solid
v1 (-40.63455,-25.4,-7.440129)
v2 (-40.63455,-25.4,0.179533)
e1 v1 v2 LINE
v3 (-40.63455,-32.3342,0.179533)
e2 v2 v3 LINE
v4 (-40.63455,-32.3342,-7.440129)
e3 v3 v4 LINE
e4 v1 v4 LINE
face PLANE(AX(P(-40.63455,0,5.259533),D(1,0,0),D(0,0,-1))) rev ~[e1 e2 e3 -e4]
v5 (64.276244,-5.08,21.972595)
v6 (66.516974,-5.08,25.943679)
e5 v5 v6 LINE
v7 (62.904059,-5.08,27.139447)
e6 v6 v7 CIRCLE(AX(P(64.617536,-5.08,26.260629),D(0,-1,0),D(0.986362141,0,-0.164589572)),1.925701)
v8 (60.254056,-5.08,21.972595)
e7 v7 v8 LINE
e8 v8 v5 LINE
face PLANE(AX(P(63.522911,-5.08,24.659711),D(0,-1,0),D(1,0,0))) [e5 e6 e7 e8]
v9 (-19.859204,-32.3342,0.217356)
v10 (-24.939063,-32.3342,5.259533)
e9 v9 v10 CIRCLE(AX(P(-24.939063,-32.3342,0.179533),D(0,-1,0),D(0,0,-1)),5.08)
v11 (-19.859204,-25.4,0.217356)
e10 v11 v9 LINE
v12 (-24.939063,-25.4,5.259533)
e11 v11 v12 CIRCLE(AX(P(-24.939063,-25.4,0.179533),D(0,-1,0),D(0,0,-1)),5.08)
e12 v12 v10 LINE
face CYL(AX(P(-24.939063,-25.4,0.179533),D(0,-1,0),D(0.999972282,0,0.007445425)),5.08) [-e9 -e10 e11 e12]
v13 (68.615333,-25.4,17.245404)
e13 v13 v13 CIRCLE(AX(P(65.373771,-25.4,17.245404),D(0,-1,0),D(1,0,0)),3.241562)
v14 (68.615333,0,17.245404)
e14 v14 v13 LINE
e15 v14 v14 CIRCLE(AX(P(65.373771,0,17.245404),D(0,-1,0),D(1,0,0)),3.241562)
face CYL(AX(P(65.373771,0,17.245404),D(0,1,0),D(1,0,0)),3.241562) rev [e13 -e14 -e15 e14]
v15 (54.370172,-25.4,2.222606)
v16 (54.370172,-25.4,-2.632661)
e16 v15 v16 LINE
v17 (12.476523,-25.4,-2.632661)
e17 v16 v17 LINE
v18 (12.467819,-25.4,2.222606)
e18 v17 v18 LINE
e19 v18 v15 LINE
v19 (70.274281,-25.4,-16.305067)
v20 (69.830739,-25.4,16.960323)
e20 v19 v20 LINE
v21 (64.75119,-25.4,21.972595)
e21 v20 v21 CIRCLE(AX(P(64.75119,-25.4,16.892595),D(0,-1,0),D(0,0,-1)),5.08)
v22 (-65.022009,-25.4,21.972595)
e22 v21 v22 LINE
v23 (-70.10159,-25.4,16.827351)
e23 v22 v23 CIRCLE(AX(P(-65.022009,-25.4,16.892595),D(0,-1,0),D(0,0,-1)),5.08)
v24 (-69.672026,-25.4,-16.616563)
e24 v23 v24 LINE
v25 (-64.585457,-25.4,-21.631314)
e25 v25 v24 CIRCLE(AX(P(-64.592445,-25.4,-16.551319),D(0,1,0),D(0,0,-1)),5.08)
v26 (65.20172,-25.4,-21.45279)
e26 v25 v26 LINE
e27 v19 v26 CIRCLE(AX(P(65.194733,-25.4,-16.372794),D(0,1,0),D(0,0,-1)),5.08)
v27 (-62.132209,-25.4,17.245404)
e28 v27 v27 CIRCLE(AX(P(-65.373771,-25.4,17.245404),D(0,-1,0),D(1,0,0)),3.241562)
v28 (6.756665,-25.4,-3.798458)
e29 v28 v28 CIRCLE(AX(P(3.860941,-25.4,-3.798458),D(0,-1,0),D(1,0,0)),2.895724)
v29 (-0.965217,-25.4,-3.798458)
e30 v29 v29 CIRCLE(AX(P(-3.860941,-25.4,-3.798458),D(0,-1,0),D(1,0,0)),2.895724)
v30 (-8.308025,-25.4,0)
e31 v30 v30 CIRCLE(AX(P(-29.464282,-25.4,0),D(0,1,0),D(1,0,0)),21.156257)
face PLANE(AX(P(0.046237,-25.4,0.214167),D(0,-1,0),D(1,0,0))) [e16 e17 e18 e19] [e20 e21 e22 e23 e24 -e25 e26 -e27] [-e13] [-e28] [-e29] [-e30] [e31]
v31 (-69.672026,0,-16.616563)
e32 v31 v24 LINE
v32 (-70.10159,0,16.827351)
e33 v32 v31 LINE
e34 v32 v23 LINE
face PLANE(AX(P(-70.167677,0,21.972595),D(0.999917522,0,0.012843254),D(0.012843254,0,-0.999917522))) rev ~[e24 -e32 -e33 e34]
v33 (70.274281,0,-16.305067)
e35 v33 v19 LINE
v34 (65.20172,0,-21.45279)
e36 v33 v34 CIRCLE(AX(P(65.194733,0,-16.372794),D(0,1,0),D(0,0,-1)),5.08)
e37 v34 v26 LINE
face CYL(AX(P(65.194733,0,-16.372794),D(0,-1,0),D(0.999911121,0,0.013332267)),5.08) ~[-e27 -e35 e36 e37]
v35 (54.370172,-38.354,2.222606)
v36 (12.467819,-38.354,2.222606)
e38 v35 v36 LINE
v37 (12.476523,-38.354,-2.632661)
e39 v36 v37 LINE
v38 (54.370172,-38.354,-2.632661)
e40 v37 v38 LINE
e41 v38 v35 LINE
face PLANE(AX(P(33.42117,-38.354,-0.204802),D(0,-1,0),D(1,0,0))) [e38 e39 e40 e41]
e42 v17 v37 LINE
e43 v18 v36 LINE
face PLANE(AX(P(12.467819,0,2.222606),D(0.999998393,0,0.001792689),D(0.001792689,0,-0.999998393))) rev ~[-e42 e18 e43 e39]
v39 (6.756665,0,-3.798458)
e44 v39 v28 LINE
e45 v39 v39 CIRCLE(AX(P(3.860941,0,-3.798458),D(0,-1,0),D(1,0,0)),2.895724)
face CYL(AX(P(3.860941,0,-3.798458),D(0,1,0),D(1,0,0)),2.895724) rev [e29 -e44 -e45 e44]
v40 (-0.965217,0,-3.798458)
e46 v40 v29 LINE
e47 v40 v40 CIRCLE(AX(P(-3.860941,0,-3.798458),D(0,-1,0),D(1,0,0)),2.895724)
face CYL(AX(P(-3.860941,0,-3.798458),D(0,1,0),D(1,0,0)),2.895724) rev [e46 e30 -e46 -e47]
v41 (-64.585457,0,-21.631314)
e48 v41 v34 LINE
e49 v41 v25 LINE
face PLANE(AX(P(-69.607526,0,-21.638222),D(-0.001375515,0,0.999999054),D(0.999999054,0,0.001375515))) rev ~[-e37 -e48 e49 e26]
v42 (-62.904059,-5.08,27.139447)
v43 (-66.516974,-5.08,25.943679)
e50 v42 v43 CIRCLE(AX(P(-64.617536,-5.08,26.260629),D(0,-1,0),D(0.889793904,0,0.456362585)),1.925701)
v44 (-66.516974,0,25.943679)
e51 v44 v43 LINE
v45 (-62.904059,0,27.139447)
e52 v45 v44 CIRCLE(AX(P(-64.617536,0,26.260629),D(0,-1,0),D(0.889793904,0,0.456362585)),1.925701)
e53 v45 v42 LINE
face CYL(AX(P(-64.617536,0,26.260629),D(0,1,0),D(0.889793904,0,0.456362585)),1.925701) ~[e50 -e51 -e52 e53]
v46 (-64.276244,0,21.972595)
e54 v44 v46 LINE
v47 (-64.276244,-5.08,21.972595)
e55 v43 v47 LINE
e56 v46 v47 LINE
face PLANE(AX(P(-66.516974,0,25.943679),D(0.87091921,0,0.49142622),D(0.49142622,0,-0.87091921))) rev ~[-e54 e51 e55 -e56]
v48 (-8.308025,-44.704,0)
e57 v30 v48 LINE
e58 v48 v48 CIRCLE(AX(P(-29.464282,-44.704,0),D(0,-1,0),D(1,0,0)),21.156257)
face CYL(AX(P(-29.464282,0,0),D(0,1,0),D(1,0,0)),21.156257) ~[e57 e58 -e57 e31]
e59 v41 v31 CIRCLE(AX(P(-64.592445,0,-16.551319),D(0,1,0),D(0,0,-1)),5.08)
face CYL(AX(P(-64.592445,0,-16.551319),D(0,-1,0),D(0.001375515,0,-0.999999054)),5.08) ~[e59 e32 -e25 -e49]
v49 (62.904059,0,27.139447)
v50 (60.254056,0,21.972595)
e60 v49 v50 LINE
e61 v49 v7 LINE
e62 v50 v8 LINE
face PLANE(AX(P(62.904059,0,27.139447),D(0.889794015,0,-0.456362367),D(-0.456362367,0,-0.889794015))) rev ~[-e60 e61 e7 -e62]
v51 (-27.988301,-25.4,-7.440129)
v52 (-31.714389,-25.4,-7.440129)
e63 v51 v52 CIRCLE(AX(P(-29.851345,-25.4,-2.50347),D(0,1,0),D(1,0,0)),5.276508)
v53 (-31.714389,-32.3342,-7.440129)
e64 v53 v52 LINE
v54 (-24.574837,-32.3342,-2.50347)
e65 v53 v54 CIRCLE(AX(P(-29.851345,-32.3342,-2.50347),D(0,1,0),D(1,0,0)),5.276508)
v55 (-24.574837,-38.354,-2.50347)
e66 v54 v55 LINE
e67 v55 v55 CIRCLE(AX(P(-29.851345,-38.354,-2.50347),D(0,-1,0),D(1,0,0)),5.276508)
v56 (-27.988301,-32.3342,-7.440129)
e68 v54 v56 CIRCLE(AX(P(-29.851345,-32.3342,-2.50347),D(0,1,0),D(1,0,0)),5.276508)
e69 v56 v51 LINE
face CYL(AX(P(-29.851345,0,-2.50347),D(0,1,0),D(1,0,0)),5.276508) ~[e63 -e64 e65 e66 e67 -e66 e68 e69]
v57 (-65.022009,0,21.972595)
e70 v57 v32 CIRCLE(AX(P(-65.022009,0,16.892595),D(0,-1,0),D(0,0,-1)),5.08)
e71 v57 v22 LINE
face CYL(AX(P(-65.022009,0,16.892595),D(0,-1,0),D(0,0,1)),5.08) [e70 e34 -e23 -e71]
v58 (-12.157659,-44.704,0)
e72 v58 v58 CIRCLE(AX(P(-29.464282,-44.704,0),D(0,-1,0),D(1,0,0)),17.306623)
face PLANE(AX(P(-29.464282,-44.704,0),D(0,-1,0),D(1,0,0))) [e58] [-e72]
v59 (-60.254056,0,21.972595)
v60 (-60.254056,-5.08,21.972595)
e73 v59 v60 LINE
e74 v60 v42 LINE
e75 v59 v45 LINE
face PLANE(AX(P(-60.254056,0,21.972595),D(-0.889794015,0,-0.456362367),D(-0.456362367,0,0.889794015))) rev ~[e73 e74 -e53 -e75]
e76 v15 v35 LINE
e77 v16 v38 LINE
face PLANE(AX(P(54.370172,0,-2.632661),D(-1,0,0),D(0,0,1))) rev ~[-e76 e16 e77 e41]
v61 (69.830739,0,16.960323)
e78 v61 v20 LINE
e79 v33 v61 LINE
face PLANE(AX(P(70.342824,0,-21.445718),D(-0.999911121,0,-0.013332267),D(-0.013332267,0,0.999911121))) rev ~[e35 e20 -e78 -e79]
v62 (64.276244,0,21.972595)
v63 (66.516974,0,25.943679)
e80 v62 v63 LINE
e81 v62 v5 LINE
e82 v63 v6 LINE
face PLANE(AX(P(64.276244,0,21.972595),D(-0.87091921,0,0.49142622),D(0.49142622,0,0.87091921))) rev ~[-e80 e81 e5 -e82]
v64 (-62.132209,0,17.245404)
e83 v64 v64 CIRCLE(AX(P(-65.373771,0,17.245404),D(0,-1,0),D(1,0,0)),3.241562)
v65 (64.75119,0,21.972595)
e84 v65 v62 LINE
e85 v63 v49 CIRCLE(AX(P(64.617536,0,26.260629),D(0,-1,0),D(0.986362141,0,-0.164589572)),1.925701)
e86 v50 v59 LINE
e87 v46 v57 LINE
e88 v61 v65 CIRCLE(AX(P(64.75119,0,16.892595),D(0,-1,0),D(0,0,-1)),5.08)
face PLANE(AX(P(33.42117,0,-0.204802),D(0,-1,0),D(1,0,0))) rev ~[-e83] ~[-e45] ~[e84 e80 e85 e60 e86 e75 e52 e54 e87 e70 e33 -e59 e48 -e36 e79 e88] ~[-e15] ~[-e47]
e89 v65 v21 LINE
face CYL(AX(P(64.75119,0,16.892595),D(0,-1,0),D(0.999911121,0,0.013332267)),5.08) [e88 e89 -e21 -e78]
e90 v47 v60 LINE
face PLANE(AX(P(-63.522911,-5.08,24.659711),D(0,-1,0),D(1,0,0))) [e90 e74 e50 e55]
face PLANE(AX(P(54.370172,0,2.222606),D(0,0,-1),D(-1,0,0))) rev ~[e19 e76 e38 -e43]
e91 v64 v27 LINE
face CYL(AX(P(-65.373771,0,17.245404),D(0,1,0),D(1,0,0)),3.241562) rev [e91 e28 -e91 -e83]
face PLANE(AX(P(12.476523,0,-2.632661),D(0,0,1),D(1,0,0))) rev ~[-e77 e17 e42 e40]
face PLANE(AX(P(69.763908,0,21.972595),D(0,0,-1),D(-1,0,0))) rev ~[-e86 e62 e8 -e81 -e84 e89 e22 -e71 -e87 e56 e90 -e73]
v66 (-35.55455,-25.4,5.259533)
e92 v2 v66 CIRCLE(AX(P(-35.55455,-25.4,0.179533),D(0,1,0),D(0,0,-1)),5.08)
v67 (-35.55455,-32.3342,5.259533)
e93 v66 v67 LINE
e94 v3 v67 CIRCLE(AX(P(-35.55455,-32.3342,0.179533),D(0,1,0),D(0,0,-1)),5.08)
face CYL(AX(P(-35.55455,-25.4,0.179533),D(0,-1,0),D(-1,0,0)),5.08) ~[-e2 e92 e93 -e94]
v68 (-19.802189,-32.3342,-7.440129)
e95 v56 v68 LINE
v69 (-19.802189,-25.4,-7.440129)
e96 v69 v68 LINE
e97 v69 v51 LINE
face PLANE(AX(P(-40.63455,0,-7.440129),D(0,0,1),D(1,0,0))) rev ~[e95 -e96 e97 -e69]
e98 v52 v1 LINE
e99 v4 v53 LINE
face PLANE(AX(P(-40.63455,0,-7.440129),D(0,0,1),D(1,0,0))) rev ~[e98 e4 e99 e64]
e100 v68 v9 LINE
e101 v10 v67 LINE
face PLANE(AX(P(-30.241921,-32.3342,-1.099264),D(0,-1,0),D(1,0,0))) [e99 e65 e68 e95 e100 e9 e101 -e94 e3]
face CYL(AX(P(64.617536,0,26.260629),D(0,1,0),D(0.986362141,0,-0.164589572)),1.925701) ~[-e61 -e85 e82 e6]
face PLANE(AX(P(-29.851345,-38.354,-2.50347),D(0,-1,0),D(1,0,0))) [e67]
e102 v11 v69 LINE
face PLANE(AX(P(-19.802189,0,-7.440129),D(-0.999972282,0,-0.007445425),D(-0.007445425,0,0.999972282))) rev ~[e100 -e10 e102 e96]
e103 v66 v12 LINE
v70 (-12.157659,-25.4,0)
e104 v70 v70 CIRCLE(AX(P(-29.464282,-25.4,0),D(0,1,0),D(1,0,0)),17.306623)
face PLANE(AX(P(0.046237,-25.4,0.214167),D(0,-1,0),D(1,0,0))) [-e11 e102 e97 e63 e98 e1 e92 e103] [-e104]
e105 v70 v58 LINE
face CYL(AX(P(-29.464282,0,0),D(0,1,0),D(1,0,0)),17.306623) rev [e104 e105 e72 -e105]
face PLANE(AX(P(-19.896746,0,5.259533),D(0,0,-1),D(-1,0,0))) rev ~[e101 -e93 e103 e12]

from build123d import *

# Parameters (mm, degrees)
F0_R      = 2.895724
F0_R_2    = 3.241562
F1_DEPTH  = 25.4
F2_R      = 5.08
F3_DEPTH  = 5.08
F5_DEPTH  = 32.3342
F6_R      = 5.08
F7_R      = 5.276508
F8_DEPTH  = 38.354
F9_R      = 21.156257
F9_R_2    = 17.306623
F10_DEPTH = 44.704
F12_DEPTH = 38.354


with BuildPart() as f1:
    # F0 (on Front) → F1 (new body)
    with BuildSketch(Plane.XZ):
        Polygon((70.342824, -21.445718), (69.763908, 21.972595), (64.276244, 21.972595), (60.254056, 21.972595), (-60.254056, 21.972595), (-64.276244, 21.972595), (-70.167677, 21.972595), (-69.607526, -21.638222), align=None)
        with Locations((-3.860941, -3.798458)):
            Circle(F0_R, mode=Mode.SUBTRACT)
        with Locations((3.860941, -3.798458)):
            Circle(F0_R, mode=Mode.SUBTRACT)
        with Locations((-65.373771, 17.245404)):
            Circle(F0_R_2, mode=Mode.SUBTRACT)
        with Locations((65.373771, 17.245404)):
            Circle(F0_R_2, mode=Mode.SUBTRACT)
    extrude(amount=F1_DEPTH)

    # F2
    f2_edges = [f1.edges().sort_by_distance(p)[0] for p in [
        (69.763908, -12.7, 21.972595),
        (-70.167677, -12.7, 21.972595),
        (-69.607526, -12.7, -21.638222),
        (70.342824, -12.7, -21.445718),
    ]]
    fillet(f2_edges, radius=F2_R)

    # F0 (on Front) → F3 (join)
    with BuildSketch(Plane.XZ):
        with BuildLine():
            Line((-64.276244, 21.972595), (-60.254056, 21.972595))
            Line((-60.254056, 21.972595), (-62.904059, 27.139447))
            ThreePointArc((-62.904059, 27.139447), (-65.222607, 28.088801), (-66.516974, 25.943679))
            Line((-66.516974, 25.943679), (-64.276244, 21.972595))
        make_face()
        with BuildLine():
            Line((60.254056, 21.972595), (64.276244, 21.972595))
            Line((64.276244, 21.972595), (66.516974, 25.943679))
            ThreePointArc((66.516974, 25.943679), (65.222607, 28.088801), (62.904059, 27.139447))
            Line((62.904059, 27.139447), (60.254056, 21.972595))
        make_face()
    extrude(amount=F3_DEPTH)

    # F4 (on Front) → F5 (join)
    with BuildSketch(Plane.XZ):
        Polygon((-19.896746, 5.259533), (-40.63455, 5.259533), (-40.63455, -7.440129), (-19.802189, -7.440129), align=None)
    extrude(amount=F5_DEPTH)

    # F6
    f6_edges = [f1.edges().sort_by_distance(p)[0] for p in [
        (-40.63455, -28.8671, 5.259533),
        (-19.896746, -28.8671, 5.259533),
    ]]
    fillet(f6_edges, radius=F6_R)

    # F7 (on Front) → F8 (join)
    with BuildSketch(Plane.XZ):
        with Locations((-29.851345, -2.50347)):
            Circle(F7_R)
    extrude(amount=F8_DEPTH)

    # F9 (on Front) → F10 (join)
    with BuildSketch(Plane.XZ):
        with Locations((-29.464282, 0)):
            Circle(F9_R)
        with Locations((-29.464282, 0)):
            Circle(F9_R_2, mode=Mode.SUBTRACT)
    extrude(amount=F10_DEPTH)

    # F11 (on Front) → F12 (join)
    with BuildSketch(Plane.XZ):
        Polygon((54.370172, 2.222606), (12.467819, 2.222606), (12.476523, -2.632661), (54.370172, -2.632661), align=None)
    extrude(amount=F12_DEPTH)


solid = f1.part
